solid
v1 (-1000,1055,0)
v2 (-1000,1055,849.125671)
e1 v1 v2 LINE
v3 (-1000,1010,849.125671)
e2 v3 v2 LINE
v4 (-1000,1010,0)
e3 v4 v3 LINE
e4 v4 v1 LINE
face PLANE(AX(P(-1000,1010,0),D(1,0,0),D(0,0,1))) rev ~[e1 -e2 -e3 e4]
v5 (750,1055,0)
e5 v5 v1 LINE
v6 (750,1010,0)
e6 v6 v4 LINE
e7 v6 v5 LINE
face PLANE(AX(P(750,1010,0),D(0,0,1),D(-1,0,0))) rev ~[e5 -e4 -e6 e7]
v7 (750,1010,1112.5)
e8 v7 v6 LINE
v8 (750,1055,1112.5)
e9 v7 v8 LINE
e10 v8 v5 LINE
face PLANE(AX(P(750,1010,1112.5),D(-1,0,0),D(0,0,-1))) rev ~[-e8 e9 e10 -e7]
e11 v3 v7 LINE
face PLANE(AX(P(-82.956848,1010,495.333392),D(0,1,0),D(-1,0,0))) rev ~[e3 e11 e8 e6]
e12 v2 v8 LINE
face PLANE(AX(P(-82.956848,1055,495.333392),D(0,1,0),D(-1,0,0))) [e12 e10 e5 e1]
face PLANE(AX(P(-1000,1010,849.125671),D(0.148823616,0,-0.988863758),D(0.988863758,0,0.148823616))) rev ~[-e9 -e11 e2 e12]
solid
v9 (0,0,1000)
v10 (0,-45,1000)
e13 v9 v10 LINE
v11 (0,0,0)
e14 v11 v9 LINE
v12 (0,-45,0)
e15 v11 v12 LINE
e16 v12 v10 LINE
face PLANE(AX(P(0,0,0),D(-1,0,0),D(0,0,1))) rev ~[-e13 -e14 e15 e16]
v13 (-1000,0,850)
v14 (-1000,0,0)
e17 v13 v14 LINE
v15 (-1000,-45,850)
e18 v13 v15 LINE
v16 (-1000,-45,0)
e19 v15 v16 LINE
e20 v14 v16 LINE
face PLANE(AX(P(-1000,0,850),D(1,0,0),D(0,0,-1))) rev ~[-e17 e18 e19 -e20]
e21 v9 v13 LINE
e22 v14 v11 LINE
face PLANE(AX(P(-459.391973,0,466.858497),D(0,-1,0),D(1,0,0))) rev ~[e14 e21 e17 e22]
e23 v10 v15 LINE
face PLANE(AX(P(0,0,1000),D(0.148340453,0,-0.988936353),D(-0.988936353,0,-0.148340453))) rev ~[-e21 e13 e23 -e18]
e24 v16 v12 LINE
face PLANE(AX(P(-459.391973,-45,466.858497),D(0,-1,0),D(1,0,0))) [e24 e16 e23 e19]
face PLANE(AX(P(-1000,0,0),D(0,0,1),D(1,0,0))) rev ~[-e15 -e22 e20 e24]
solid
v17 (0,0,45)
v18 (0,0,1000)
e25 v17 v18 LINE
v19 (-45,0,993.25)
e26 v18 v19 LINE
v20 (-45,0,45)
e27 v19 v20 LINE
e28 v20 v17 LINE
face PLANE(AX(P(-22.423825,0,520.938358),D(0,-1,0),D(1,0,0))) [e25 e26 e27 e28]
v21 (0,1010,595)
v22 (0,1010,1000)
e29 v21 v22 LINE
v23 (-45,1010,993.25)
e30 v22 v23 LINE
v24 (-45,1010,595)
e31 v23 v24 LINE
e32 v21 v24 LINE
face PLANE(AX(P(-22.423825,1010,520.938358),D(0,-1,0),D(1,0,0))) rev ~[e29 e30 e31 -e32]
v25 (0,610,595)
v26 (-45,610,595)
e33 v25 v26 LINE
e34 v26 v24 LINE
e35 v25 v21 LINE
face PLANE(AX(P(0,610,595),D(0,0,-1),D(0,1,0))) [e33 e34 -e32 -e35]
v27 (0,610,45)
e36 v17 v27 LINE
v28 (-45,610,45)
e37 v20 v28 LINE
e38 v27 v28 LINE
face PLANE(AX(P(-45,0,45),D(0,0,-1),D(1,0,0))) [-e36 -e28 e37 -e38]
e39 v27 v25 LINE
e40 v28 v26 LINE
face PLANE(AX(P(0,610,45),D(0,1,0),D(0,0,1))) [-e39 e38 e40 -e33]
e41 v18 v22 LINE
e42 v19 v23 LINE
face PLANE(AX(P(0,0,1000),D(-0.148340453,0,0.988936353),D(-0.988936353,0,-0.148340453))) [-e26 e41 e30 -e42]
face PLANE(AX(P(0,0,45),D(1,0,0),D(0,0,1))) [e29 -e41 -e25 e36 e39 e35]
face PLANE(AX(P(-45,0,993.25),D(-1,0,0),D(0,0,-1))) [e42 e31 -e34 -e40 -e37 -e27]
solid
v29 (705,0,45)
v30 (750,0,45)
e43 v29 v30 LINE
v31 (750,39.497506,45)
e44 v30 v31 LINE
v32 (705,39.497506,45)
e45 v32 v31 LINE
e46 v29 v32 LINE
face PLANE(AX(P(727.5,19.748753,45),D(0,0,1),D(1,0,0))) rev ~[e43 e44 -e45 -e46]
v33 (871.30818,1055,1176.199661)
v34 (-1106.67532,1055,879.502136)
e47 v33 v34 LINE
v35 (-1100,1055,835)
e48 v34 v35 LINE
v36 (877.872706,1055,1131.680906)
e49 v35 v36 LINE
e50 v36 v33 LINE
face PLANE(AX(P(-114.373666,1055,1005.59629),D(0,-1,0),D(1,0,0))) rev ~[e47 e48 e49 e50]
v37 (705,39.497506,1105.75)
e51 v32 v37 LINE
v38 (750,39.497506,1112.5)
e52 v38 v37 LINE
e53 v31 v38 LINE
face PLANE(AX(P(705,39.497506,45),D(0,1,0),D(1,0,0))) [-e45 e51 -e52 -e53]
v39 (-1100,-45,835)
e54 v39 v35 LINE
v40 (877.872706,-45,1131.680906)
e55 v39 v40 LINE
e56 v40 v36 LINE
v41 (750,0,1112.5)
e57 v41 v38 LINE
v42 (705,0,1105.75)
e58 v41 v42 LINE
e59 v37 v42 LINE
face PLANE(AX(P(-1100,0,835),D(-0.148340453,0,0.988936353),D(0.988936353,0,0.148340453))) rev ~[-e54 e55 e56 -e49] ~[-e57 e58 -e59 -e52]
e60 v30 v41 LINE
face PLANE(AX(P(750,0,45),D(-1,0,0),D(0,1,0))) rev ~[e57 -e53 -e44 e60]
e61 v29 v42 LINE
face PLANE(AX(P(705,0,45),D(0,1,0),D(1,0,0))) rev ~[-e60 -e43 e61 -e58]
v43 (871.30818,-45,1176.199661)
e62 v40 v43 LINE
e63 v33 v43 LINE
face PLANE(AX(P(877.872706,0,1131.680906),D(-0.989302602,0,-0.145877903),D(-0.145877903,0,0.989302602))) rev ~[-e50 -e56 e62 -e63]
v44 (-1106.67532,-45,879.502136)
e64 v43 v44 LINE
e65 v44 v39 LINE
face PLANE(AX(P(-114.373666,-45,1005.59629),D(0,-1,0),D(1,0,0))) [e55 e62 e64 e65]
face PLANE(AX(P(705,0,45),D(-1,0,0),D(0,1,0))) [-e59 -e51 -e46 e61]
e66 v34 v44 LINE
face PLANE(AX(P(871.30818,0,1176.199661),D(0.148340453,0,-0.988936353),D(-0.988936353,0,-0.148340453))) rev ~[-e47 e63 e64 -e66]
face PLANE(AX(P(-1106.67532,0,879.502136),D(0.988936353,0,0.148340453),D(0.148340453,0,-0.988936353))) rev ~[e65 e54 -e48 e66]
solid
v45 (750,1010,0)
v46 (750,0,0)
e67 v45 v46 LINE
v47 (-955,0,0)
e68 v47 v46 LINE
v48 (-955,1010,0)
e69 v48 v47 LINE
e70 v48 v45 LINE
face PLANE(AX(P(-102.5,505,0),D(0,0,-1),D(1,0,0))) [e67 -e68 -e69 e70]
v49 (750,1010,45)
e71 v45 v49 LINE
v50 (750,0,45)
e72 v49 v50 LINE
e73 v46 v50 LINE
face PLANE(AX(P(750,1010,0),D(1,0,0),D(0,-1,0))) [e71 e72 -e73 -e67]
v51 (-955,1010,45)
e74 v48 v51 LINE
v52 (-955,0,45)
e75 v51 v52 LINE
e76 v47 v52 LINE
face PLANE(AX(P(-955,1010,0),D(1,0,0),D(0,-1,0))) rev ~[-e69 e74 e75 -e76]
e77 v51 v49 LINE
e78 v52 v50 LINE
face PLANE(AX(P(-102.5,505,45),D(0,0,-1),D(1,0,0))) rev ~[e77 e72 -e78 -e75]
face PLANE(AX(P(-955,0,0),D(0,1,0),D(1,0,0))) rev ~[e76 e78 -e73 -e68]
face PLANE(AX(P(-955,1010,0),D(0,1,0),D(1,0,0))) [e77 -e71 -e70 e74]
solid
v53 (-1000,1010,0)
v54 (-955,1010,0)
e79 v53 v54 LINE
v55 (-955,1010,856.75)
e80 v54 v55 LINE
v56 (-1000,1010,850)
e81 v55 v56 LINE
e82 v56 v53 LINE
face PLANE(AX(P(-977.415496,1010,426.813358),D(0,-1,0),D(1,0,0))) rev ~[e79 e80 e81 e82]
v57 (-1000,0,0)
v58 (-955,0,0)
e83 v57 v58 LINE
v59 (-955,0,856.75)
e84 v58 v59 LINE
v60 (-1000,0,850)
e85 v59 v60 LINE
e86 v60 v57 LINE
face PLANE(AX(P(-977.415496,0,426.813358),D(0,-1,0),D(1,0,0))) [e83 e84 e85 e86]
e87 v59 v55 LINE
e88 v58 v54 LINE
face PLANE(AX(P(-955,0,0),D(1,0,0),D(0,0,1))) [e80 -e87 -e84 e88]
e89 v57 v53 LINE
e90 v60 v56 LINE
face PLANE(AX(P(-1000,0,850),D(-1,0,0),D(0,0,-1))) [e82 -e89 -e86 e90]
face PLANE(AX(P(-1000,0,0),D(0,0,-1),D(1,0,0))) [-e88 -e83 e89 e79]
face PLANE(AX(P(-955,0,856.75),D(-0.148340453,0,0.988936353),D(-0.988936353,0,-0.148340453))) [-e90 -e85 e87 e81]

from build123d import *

# Parameters (mm, degrees)
F1_DEPTH  = 1010
F2_DEPTH  = 1055
F3_DEPTH  = 45
F5_DEPTH  = 45
F6_W      = 400
F6_H      = 550
F7_DEPTH  = 45
F8_W      = 1705
F8_H      = 1010
F9_DEPTH  = 45
F10_W     = 45
F10_H     = 39.4975058734
F11_DEPTH = 1067.5
F13_DEPTH = 45


with BuildPart() as f1:
    # F0 (on Front) → F1 (new body)
    with BuildSketch(Plane.XZ):
        Polygon((-955, 0), (-955, 856.75), (-1000, 850), (-1000, 0), align=None)
    extrude(amount=-F1_DEPTH)


with BuildPart() as f1b:
    # F0 (on Front) → F1, piece 2 (new body)
    with BuildSketch(Plane.XZ):
        Polygon((0, 45), (0, 1000), (-45, 993.25), (-45, 45), align=None)
    extrude(amount=-F1_DEPTH)

    # F6 (on face) → F7 (cut, through all)
    with BuildSketch(Plane.YZ):
        with Locations((810, 320)):
            Rectangle(F6_W, F6_H)
    extrude(amount=-F7_DEPTH, mode=Mode.SUBTRACT)


with BuildPart() as f2:
    # F0 (on Front) → F2 (new body)
    with BuildSketch(Plane.XZ):
        Polygon((-45, 993.25), (0, 1000), (877.8727057366, 1131.6809058605), (871.3081797654, 1176.1996609012), (-1106.6753203819, 879.5021358791), (-1100, 835), (-1000, 850), (-955, 856.75), align=None)
    extrude(amount=-F2_DEPTH)

    # F0 (on Front) → F3 (join)
    with BuildSketch(Plane.XZ):
        Polygon((-45, 993.25), (0, 1000), (877.8727057366, 1131.6809058605), (871.3081797654, 1176.1996609012), (-1106.6753203819, 879.5021358791), (-1100, 835), (-1000, 850), (-955, 856.75), align=None)
    extrude(amount=F3_DEPTH)

    # F10 (on face) → F11 (join, through all)
    with BuildSketch(Plane.XY.offset(45)):
        with Locations((727.5, 19.7487529367)):
            Rectangle(F10_W, F10_H)
    extrude(amount=F11_DEPTH)


with BuildPart() as f5:
    # F4 (on face) → F5 (new body)
    with BuildSketch(Plane(origin=(0, 1010, 0), x_dir=(-1, 0, 0), z_dir=(0, 1, 0))):
        Polygon((-750, 1112.5), (-750, 0), (1000, 0), (1000, 849.1256712336), align=None)
    extrude(amount=F5_DEPTH)


with BuildPart() as f9:
    # F8 (on face) → F9 (new body)
    with BuildSketch(Plane(origin=(0, 0, 0), x_dir=(1, 0, 0), z_dir=(0, 0, -1))):
        with Locations((-102.5, -505)):
            Rectangle(F8_W, F8_H)
    extrude(amount=-F9_DEPTH)


with BuildPart() as f13:
    # F12 (on face) → F13 (new body)
    with BuildSketch(Plane.XZ):
        Polygon((0, 1000), (-955, 856.75), (-955, 0), (0, 0), align=None)
        Polygon((-955, 856.75), (-1000, 850), (-1000, 0), (-955, 0), align=None)
    extrude(amount=F13_DEPTH)


solid = Compound([f1.part, f1b.part, f2.part, f5.part, f9.part, f13.part])
